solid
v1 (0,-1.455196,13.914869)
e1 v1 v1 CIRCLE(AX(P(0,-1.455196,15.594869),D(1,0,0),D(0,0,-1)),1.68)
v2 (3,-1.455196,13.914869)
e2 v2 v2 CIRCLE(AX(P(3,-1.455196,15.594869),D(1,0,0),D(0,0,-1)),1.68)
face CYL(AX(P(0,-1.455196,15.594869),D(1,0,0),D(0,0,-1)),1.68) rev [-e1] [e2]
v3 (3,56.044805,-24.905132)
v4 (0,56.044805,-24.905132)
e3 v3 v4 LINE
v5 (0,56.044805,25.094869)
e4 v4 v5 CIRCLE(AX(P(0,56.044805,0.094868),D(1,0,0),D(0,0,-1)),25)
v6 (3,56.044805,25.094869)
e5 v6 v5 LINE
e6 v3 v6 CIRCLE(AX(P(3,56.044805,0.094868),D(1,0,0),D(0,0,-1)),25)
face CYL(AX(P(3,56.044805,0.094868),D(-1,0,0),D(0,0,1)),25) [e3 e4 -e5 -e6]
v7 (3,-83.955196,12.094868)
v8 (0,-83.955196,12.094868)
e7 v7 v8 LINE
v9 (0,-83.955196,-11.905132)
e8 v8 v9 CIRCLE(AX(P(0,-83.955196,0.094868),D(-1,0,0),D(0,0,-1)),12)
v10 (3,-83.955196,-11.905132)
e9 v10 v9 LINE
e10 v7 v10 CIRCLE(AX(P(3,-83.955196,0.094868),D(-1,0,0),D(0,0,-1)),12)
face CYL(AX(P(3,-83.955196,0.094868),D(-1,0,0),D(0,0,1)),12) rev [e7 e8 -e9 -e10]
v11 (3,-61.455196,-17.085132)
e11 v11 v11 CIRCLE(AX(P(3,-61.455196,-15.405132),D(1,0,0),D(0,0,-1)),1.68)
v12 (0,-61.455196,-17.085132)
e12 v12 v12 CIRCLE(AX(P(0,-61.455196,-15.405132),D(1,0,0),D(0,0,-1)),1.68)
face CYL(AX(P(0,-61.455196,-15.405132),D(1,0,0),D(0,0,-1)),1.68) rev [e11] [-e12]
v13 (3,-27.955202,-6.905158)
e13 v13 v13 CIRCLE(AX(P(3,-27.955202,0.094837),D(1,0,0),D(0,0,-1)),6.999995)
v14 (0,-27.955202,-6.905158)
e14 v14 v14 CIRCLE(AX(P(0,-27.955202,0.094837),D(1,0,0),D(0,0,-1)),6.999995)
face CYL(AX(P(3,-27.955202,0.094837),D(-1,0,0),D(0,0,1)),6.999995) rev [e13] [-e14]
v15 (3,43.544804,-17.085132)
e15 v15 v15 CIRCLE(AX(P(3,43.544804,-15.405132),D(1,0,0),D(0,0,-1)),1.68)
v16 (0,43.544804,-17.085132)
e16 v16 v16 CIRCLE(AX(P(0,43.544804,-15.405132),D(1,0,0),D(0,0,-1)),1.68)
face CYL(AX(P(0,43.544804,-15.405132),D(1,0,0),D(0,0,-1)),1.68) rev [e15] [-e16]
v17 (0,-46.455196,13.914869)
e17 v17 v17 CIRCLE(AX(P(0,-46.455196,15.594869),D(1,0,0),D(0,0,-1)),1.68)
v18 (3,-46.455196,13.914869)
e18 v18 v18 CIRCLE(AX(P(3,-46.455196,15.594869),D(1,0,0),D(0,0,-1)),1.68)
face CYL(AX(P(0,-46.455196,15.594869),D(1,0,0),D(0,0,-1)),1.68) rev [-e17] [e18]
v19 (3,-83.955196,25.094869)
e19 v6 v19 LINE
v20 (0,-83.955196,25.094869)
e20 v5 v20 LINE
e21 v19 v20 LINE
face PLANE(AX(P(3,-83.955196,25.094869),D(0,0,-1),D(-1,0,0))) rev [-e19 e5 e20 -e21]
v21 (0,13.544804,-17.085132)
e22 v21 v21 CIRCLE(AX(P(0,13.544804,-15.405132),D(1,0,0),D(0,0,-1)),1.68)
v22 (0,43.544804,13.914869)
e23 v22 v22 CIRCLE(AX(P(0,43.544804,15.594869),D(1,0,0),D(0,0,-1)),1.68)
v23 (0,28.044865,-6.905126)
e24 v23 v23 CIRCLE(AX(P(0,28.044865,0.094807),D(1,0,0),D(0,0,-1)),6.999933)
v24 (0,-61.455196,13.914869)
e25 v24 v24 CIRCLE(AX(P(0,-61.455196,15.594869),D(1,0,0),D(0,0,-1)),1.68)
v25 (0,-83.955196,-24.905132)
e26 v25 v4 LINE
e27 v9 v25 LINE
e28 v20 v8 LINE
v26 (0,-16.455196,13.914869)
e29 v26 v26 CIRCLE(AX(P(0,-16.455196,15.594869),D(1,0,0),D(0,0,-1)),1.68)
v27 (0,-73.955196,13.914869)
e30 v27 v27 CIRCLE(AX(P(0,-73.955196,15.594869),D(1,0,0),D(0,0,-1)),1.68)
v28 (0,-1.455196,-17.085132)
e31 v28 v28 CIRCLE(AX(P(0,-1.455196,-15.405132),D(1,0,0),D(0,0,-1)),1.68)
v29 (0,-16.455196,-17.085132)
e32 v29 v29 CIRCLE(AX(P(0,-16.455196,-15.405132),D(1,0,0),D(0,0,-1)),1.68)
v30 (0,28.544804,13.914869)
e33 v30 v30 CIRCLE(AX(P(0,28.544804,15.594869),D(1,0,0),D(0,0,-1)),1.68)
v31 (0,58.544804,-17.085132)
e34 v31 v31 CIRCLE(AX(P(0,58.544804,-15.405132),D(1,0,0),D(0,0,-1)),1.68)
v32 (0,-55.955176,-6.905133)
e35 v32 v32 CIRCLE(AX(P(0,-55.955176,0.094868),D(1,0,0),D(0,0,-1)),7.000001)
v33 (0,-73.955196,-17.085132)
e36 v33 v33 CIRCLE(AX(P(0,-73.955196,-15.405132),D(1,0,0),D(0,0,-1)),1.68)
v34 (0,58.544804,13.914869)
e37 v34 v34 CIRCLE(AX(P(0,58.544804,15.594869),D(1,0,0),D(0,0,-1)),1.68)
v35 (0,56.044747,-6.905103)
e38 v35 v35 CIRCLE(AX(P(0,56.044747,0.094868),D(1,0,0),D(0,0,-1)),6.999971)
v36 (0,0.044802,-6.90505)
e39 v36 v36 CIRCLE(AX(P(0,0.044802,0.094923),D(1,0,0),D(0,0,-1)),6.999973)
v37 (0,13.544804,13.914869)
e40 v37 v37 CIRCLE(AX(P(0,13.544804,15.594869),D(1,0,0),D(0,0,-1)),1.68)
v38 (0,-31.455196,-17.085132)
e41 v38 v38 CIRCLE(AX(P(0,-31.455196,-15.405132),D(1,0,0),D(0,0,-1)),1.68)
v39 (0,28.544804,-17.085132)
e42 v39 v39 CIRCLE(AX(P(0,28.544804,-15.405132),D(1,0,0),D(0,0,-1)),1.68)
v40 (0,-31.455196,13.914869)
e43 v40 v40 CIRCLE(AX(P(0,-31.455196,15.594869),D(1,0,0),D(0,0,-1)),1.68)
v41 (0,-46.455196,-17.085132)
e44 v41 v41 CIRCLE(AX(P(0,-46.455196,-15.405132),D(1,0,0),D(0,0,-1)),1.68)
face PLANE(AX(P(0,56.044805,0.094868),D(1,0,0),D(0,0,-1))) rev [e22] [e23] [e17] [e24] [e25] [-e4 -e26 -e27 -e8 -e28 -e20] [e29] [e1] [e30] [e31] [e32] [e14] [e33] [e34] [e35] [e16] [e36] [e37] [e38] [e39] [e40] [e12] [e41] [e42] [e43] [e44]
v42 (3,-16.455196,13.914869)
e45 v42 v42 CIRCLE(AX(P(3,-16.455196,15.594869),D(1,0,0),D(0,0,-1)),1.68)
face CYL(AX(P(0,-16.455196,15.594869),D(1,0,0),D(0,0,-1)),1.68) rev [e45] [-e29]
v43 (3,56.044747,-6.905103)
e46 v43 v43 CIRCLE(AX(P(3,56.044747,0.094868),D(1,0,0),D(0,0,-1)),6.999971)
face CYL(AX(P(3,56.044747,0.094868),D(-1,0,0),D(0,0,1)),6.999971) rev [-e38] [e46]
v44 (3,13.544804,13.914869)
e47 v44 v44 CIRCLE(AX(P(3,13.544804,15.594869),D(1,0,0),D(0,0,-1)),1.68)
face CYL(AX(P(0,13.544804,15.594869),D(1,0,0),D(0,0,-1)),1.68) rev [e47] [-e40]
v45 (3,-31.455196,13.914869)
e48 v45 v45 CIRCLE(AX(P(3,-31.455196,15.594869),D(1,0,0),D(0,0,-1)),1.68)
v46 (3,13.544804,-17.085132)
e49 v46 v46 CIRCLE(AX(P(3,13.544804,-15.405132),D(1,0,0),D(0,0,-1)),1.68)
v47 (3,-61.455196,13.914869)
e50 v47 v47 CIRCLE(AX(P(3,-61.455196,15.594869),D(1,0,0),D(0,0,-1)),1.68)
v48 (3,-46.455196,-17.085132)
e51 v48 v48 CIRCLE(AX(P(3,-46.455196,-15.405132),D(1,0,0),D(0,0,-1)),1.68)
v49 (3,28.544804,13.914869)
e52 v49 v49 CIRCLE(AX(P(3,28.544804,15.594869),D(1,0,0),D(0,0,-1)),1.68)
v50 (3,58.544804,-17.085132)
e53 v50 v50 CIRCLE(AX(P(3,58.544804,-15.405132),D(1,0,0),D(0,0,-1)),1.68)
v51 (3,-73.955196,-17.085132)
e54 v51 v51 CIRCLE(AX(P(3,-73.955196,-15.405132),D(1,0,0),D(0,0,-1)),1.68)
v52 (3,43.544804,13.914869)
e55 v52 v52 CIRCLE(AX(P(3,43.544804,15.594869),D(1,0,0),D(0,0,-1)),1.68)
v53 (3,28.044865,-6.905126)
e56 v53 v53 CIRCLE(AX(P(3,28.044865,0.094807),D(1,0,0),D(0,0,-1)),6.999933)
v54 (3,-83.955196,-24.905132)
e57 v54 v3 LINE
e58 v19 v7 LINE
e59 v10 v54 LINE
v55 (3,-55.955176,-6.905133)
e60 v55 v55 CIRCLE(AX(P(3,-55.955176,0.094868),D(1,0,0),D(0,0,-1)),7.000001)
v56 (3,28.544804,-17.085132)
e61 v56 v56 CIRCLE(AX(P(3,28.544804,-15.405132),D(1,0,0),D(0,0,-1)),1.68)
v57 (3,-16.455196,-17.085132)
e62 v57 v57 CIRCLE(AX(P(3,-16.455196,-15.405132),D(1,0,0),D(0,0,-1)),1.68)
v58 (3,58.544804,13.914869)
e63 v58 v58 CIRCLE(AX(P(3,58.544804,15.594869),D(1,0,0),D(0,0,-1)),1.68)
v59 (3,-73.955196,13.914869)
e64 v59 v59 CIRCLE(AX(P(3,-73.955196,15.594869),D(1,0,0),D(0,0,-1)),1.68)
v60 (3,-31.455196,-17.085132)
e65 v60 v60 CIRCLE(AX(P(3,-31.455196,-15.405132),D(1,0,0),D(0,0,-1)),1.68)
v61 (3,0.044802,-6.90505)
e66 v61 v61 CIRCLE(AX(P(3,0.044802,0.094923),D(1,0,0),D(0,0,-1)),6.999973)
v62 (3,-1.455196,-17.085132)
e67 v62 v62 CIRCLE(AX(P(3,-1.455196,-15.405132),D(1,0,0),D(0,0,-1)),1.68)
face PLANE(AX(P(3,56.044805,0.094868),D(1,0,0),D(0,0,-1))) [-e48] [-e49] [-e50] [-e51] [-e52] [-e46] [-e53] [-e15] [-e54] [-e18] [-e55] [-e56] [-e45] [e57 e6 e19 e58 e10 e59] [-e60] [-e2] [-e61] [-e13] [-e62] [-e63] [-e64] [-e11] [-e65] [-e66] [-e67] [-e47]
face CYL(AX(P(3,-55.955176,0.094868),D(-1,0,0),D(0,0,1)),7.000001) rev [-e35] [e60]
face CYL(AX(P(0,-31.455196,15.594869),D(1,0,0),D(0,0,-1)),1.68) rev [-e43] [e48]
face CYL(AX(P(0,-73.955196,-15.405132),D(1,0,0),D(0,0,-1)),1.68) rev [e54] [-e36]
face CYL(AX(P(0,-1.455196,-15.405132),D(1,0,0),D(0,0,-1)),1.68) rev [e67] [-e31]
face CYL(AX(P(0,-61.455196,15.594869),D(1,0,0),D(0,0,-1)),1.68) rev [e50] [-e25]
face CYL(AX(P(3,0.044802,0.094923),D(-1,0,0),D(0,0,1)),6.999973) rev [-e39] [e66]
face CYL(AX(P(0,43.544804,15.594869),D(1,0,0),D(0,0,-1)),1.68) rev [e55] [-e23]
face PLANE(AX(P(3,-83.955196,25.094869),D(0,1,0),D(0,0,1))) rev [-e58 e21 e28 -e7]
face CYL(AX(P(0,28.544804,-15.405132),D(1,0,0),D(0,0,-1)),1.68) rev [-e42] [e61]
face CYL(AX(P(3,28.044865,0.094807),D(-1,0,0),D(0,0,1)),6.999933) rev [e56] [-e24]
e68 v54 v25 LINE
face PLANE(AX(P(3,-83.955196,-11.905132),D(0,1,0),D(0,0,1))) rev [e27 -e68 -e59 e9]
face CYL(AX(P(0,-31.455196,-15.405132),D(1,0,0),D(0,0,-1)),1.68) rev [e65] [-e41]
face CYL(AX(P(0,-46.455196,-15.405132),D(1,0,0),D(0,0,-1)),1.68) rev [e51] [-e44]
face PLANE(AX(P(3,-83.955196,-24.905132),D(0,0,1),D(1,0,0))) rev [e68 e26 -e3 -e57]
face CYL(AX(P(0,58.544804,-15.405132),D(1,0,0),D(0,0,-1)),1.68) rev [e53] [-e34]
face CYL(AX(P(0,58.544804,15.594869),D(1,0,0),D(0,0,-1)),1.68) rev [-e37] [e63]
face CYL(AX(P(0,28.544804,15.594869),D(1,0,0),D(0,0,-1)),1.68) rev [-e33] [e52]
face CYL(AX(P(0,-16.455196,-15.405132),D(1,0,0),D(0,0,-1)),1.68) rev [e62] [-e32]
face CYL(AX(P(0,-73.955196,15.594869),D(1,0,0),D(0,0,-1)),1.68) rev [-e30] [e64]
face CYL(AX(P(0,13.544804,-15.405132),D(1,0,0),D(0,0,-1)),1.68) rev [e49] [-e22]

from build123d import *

# Parameters (mm, degrees)
SKETCH1_R           = 7.000001147
SKETCH1_R_2         = 6.999995031
SKETCH1_R_3         = 6.99997314
SKETCH1_R_4         = 6.999932994
SKETCH1_R_5         = 6.999971052
BOSS_EXTRUDE1_DEPTH = 3
SKETCH2_R           = 1.68
CUT_EXTRUDE3_DEPTH  = 88.676834918
SKETCH4_R           = 1.68
CUT_EXTRUDE4_DEPTH  = 88.676834918
LPATTERN2_COUNT     = 9
LPATTERN2_PITCH     = 15


with BuildPart() as part:
    # Sketch1 → Boss-Extrude1 (new body)
    with BuildSketch(Plane(origin=(0, 0, 0), x_dir=(0, 0, -1), z_dir=(1, 0, 0))):
        with BuildLine():
            Line((-25.094868708, -83.955196062), (-12.09486844, -83.955196062))
            ThreePointArc((-12.09486844, -83.955196062), (-0.094868335, -71.955195958), (11.905131769, -83.955196062))
            Line((11.905131769, -83.955196062), (24.905132037, -83.955196062))
            Line((24.905132037, -83.955196062), (24.905132037, 56.044804534))
            ThreePointArc((24.905132037, 56.044804534), (-0.094868335, 81.044804907), (-25.094868708, 56.044804534))
            Line((-25.094868708, 56.044804534), (-25.094868708, -83.955196062))
        make_face()
        with Locations((-0.094868335, -55.955176125)):
            Circle(SKETCH1_R, mode=Mode.SUBTRACT)
        with Locations((-0.094836539, -27.955201843)):
            Circle(SKETCH1_R_2, mode=Mode.SUBTRACT)
        with Locations((-0.094922892, 0.044802449)):
            Circle(SKETCH1_R_3, mode=Mode.SUBTRACT)
        with Locations((-0.094806508, 28.044865497)):
            Circle(SKETCH1_R_4, mode=Mode.SUBTRACT)
        with Locations((-0.094868335, 56.044746985)):
            Circle(SKETCH1_R_5, mode=Mode.SUBTRACT)
    extrude(amount=BOSS_EXTRUDE1_DEPTH)

    # Sketch2 → Cut-Extrude3 (cut, through all)
    with BuildSketch(Plane(origin=(3, 0, 0), x_dir=(0, 0, -1), z_dir=(1, 0, 0))):
        with Locations((-15.594868708, -73.955196062)):
            Circle(SKETCH2_R)
        with Locations((15.405132037, -73.955196062)):
            Circle(SKETCH2_R)
    extrude(amount=-CUT_EXTRUDE3_DEPTH, mode=Mode.SUBTRACT)

    # Sketch4 → Cut-Extrude4 (cut, through all)
    with BuildSketch(Plane(origin=(3, 0, 0), x_dir=(0, 0, -1), z_dir=(1, 0, 0))):
        with Locations((-15.594868708, -61.455196062)):
            Circle(SKETCH4_R)
        with Locations((15.405132037, -61.455196062)):
            Circle(SKETCH4_R)
    cut_extrude4 = extrude(amount=-CUT_EXTRUDE4_DEPTH, mode=Mode.SUBTRACT)

    # LPattern2: Cut-Extrude4 ×9
    with Locations(*[(0, i * LPATTERN2_PITCH, 0) for i in range(1, LPATTERN2_COUNT)]):
        add(cut_extrude4, mode=Mode.SUBTRACT)


solid = part.part
